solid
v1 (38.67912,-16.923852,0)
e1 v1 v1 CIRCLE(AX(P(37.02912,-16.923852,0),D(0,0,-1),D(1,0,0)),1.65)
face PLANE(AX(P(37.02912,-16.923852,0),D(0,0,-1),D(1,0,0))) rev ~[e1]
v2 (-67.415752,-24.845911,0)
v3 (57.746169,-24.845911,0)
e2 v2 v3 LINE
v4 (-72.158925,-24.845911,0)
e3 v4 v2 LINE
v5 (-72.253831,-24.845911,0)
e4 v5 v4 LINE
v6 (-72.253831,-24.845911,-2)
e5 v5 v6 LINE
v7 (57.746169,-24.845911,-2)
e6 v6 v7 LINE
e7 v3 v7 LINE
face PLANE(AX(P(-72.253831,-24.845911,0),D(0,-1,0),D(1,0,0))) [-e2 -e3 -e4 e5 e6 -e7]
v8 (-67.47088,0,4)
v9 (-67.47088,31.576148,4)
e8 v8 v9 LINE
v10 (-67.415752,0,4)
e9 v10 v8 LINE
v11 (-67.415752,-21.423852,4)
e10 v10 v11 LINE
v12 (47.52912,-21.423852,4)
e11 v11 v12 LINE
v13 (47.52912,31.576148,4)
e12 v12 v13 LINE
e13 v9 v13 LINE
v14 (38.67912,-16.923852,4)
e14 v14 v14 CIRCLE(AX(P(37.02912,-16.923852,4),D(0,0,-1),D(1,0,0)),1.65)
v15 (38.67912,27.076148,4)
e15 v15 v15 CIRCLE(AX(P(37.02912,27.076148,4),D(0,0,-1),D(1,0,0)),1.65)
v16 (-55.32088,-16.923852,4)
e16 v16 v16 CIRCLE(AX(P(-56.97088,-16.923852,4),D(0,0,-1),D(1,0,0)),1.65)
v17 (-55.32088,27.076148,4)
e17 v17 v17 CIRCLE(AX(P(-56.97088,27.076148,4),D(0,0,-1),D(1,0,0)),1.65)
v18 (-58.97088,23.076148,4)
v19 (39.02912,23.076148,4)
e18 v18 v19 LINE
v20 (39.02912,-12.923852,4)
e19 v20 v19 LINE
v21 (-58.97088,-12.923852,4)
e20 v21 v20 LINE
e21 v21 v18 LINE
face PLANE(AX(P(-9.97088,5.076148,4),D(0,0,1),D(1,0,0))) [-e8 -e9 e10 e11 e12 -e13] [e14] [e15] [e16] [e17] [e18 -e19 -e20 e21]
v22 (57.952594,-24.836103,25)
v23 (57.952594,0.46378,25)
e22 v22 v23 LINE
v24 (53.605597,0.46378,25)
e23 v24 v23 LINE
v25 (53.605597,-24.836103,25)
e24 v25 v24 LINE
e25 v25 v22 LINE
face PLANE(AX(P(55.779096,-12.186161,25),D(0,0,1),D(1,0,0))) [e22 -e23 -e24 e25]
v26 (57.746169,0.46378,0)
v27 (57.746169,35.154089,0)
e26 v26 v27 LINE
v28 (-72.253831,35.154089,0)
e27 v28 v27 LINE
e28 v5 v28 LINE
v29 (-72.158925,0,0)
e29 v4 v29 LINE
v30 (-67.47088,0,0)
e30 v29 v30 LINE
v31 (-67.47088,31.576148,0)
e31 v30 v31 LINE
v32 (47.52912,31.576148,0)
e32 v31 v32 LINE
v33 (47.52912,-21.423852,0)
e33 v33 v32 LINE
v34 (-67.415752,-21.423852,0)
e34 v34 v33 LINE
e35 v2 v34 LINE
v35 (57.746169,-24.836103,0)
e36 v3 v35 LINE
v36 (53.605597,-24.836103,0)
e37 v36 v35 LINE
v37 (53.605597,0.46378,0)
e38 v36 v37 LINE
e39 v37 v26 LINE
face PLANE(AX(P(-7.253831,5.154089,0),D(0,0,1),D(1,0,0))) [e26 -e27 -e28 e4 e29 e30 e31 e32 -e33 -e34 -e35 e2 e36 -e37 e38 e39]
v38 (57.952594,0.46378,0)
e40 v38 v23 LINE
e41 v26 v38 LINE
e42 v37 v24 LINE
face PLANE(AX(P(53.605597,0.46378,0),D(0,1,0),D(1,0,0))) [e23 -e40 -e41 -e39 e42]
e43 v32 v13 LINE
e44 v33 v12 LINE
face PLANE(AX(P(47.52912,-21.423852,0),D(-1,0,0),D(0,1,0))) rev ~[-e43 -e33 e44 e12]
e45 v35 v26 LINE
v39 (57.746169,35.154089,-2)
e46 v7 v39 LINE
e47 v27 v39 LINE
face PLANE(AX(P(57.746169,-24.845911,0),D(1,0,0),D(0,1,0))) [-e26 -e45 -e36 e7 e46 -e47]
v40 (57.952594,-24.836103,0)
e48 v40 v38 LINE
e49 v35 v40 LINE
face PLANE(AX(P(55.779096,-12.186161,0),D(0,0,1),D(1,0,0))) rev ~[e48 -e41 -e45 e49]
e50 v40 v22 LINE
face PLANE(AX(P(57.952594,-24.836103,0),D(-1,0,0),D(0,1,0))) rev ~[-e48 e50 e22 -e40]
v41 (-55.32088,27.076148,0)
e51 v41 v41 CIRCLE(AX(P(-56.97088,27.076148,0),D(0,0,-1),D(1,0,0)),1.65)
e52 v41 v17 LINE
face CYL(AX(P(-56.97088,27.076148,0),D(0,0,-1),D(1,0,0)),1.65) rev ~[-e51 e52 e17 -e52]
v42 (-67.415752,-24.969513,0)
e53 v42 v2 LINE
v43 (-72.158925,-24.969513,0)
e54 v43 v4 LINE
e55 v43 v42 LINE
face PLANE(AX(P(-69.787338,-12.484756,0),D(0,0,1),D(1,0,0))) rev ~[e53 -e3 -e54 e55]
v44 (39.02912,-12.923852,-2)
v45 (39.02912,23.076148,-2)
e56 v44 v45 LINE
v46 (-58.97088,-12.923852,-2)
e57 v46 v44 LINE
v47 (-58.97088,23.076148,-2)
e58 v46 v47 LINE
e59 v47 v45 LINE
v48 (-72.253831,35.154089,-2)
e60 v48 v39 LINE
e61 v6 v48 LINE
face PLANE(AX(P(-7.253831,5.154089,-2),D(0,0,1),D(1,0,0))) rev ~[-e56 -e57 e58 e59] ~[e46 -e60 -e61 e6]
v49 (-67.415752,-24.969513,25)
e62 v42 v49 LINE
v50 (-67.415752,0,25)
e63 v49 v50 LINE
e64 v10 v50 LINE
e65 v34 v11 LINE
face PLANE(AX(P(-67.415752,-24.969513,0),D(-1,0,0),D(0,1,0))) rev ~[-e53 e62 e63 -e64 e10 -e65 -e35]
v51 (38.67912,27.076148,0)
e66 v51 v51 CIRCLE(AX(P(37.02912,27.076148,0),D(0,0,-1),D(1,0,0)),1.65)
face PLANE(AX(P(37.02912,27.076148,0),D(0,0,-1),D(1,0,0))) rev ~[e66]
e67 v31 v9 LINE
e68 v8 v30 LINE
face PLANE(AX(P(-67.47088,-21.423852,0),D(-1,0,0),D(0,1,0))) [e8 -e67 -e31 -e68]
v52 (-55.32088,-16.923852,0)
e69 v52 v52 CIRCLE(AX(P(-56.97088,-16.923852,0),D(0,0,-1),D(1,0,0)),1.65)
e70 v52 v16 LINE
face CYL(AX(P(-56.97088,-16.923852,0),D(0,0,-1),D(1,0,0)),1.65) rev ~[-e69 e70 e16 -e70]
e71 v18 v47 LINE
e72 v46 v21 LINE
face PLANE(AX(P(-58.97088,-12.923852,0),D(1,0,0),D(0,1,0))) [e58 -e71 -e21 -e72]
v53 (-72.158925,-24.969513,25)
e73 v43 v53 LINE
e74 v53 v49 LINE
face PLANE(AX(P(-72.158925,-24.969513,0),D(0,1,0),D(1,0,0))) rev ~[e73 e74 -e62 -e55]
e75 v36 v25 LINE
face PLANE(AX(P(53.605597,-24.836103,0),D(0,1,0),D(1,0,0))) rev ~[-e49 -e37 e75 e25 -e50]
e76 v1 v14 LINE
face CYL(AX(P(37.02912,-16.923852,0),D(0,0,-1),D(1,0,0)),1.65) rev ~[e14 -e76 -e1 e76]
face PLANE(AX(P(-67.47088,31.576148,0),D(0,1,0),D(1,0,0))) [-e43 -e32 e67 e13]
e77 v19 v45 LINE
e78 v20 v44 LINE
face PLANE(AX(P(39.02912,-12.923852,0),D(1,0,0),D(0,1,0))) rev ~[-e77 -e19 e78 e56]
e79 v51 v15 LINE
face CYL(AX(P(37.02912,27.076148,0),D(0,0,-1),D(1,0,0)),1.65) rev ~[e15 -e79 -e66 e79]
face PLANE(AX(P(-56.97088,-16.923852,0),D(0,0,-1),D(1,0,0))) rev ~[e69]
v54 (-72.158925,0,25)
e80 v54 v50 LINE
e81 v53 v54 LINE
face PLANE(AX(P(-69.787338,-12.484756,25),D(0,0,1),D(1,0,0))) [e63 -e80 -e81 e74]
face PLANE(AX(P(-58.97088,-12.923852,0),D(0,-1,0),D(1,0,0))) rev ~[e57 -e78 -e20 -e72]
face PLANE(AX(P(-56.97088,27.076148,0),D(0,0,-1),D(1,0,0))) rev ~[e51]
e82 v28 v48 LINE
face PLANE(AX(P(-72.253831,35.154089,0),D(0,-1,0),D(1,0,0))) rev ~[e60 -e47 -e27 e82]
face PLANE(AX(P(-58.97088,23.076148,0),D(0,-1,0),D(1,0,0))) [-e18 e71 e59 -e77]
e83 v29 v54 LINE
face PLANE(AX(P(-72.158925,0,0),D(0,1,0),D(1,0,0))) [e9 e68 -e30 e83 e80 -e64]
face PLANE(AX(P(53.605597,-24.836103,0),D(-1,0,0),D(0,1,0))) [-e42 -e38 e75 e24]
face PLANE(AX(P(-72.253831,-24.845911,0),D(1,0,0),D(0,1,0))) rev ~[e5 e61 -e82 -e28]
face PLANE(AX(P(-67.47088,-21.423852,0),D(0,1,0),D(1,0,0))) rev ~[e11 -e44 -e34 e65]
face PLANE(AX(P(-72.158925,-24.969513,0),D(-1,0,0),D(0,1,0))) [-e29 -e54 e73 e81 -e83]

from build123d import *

# Parameters (mm, degrees)
F0_W     = 115
F0_H     = 53
F0_W_2   = 98
F0_H_2   = 36
F1_DEPTH = 4
F2_W     = 130
F2_H     = 60
F3_DEPTH = 2
F4_DEPTH = 2.001
F5_D     = 3.3
F5_DEPTH = 4.001
F6_W     = 4.3469965458
F6_H     = 25.2998827054
F6_W_2   = 4.7431737185
F6_H_2   = 24.9695125967
F7_DEPTH = 25


with BuildPart() as f1:
    # F0 (on Top) → F1 (new body)
    with BuildSketch(Plane.XY):
        with Locations((-9.9708801619, 5.0761482663)):
            Rectangle(F0_W, F0_H)
        with Locations((-9.9708801619, 5.0761482663)):
            Rectangle(F0_W_2, F0_H_2, mode=Mode.SUBTRACT)
    extrude(amount=F1_DEPTH)

    # F2 (on Top) → F3 (join)
    with BuildSketch(Plane.XY):
        with Locations((-7.2538307309, 5.1540893316)):
            Rectangle(F2_W, F2_H)
    extrude(amount=-F3_DEPTH)

    # F0 (on Top) → F4 (cut, through all)
    with BuildSketch(Plane.XY):
        with Locations((-9.9708801619, 5.0761482663)):
            Rectangle(F0_W_2, F0_H_2)
    extrude(amount=-F4_DEPTH, mode=Mode.SUBTRACT)

    # F5 (through all, one way)
    with BuildSketch(Plane(origin=(0, 0, 0), x_dir=(1, 0, 0), z_dir=(0, 0, -1))):
        with Locations((-56.9708801619, -27.0761482663), (-56.9708801619, 16.9238517337), (37.0291198381, 16.9238517337), (37.0291198381, -27.0761482663)):
            Circle(F5_D / 2)
    extrude(amount=-F5_DEPTH, mode=Mode.SUBTRACT)

    # F6 (on Top) → F7 (join)
    with BuildSketch(Plane.XY):
        with Locations((55.7790957391, -12.1861611478)):
            Rectangle(F6_W, F6_H)
        with Locations((-69.787338376, -12.4847562984)):
            Rectangle(F6_W_2, F6_H_2)
    extrude(amount=F7_DEPTH)


solid = f1.part
